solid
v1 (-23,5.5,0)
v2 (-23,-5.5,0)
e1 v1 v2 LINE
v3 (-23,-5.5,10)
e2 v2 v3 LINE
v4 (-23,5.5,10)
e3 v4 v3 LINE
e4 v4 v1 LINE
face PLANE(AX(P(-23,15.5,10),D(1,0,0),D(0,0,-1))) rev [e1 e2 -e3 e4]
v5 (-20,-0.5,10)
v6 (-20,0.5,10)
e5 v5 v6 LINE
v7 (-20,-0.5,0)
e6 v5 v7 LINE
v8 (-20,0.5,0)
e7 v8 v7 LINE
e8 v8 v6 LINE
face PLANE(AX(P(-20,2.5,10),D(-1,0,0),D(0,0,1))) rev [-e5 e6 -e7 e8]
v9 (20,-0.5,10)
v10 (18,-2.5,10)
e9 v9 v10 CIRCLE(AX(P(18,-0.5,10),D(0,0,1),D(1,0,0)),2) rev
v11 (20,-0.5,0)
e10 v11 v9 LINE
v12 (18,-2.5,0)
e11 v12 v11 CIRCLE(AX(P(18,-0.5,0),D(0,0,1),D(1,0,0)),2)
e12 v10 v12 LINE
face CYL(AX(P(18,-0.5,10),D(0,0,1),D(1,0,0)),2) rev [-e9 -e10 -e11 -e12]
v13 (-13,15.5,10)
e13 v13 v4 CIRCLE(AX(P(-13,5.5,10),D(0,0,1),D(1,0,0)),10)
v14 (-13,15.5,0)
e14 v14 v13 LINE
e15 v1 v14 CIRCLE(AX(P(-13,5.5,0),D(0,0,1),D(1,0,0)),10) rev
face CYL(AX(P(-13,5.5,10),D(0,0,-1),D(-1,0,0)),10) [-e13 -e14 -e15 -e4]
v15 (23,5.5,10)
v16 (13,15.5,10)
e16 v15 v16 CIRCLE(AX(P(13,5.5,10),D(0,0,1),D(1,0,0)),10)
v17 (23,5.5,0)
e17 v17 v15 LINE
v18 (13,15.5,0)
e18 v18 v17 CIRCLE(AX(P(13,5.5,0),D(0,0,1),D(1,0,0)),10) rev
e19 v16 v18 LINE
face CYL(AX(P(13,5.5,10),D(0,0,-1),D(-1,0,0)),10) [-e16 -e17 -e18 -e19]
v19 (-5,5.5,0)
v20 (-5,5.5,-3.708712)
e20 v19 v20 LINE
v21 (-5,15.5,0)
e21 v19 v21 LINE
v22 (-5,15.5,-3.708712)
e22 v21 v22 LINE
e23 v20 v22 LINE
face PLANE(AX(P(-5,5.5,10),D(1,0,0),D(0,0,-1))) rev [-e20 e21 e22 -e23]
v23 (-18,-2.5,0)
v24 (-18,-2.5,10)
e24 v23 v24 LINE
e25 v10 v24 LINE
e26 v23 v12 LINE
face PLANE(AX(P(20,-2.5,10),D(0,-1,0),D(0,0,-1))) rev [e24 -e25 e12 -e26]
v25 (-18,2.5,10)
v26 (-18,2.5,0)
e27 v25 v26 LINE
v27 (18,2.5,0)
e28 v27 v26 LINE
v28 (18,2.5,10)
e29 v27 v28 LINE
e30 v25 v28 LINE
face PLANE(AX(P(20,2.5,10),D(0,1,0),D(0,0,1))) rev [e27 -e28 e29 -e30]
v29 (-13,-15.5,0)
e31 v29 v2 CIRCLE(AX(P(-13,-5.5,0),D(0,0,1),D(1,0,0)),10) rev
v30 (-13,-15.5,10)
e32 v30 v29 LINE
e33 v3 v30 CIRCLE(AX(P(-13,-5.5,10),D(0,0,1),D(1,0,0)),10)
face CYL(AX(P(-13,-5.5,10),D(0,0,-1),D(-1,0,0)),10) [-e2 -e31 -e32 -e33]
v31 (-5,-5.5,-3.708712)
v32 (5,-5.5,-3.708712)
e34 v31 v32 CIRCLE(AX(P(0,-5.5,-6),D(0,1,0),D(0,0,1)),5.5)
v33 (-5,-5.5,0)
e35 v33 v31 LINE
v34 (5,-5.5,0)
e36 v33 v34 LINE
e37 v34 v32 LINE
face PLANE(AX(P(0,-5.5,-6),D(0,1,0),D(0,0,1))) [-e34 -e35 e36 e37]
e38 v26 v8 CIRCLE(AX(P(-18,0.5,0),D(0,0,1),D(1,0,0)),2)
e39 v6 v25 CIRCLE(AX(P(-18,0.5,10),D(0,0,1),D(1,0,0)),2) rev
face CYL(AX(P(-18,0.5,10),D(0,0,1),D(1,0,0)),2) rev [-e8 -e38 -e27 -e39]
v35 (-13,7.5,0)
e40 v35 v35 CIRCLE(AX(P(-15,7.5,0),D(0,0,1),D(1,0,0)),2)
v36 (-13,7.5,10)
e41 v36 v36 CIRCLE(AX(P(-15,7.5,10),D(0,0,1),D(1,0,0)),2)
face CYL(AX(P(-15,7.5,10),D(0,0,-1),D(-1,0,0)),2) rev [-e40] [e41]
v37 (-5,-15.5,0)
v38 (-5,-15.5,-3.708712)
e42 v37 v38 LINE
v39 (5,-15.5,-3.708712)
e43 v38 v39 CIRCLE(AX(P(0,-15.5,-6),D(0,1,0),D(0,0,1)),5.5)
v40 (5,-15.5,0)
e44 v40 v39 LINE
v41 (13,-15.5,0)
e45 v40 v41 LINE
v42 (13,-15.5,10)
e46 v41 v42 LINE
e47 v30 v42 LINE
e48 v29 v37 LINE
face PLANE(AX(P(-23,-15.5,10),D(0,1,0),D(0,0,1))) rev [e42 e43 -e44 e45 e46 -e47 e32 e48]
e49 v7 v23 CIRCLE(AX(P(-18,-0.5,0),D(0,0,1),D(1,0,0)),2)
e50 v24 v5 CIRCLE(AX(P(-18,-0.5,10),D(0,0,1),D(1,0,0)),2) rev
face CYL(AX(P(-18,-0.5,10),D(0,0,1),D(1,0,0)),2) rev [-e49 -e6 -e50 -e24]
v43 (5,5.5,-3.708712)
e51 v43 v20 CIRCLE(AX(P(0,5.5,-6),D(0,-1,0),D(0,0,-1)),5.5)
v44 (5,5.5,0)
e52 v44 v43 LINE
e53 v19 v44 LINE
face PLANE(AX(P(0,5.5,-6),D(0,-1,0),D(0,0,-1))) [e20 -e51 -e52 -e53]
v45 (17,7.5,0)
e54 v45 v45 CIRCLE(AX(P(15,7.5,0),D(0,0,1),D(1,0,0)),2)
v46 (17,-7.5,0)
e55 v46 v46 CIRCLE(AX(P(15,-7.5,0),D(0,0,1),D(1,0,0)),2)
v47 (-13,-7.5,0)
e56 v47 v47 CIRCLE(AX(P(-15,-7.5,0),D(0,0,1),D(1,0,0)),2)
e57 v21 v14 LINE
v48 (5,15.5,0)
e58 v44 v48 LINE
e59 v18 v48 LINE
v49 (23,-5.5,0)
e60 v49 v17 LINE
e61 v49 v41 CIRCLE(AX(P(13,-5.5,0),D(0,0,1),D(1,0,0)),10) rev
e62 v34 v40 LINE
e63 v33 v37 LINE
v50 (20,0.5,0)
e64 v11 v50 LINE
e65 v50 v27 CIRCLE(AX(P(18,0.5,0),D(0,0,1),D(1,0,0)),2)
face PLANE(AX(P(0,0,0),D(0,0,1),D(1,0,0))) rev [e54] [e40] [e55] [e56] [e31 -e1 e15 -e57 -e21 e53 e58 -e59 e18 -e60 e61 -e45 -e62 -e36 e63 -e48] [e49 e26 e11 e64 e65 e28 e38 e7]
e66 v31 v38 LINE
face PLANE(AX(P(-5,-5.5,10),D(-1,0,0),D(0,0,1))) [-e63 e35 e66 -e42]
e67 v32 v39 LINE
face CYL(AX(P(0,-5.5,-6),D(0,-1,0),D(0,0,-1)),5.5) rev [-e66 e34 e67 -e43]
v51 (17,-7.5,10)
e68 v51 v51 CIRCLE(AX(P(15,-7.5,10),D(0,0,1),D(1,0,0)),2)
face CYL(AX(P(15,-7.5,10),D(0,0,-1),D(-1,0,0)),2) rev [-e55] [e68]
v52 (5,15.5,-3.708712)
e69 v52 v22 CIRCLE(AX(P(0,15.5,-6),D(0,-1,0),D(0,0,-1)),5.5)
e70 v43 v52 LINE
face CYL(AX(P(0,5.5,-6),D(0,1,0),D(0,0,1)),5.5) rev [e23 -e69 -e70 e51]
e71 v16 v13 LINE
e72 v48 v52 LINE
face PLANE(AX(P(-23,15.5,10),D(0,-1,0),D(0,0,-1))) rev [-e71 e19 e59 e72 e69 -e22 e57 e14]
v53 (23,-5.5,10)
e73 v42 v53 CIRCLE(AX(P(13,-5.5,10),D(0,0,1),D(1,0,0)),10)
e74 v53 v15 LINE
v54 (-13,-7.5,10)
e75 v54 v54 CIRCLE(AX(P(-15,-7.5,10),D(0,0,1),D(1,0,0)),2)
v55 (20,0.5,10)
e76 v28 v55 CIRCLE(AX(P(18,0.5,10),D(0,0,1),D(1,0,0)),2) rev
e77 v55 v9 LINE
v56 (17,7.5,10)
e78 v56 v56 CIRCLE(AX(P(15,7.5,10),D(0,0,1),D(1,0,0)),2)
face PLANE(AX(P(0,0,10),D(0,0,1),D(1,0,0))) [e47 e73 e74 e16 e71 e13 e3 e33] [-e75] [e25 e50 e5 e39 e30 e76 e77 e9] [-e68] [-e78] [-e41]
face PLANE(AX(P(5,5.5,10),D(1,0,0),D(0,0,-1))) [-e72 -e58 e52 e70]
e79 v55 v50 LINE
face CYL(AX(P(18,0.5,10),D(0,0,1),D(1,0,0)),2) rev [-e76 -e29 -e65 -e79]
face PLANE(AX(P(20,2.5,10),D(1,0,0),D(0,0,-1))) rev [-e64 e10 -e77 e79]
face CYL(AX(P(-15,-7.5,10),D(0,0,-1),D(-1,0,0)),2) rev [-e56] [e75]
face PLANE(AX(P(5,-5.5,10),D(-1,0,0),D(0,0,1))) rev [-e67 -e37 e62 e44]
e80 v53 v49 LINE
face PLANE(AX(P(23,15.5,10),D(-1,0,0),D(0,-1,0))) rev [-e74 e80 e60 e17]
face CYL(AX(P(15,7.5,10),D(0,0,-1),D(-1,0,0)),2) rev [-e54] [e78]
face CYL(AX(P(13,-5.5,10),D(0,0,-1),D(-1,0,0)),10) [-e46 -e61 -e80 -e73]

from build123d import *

# Parameters (mm, degrees)
SKETCH1_W               = 46
SKETCH1_H               = 31
SKETCH1_R               = 2
BOSS_EXTRUDE1_DEPTH     = 10
FILLET1_R               = 10
BOSS_EXTRUDE2_START     = 15.5
BOSS_EXTRUDE2_DEPTH     = 10
BOSS_EXTRUDE3_START     = -15.5
BOSS_EXTRUDE3_DEPTH     = 10
SKETCH4_W               = 40
SKETCH4_H               = 5
CUT_EXTRUDE1_DEPTH      = 30.483045976
CUT_EXTRUDE1_DEPTH_BACK = 30.483045976
FILLET2_R               = 2


with BuildPart() as part:
    # Sketch1 → Boss-Extrude1 (new body)
    with BuildSketch(Plane.XY):
        Rectangle(SKETCH1_W, SKETCH1_H)
        with Locations((-15, 7.5)):
            Circle(SKETCH1_R, mode=Mode.SUBTRACT)
        with Locations((15, 7.5)):
            Circle(SKETCH1_R, mode=Mode.SUBTRACT)
        with Locations((15, -7.5)):
            Circle(SKETCH1_R, mode=Mode.SUBTRACT)
        with Locations((-15, -7.5)):
            Circle(SKETCH1_R, mode=Mode.SUBTRACT)
    extrude(amount=BOSS_EXTRUDE1_DEPTH)

    # Fillet1
    fillet1_edges = [part.edges().sort_by_distance(p)[0] for p in [
        (23, -15.5, 5),
        (-23, -15.5, 5),
        (-23, 15.5, 5),
        (23, 15.5, 5),
    ]]
    fillet(fillet1_edges, radius=FILLET1_R)

    # Sketch3 → Boss-Extrude2 (add)
    with BuildSketch(Plane(origin=(0, 0, 0), x_dir=(1, 0, 0), z_dir=(0, 1, 0)).offset(BOSS_EXTRUDE2_START)):
        with BuildLine():
            Line((-5, 3.708712153), (-5, 0))
            Line((-5, 0), (5, 0))
            Line((5, 0), (5, 3.708712153))
            ThreePointArc((5, 3.708712153), (0, 0.5), (-5, 3.708712153))
        make_face()
    extrude(amount=-BOSS_EXTRUDE2_DEPTH)

    # Sketch3<3> → Boss-Extrude3 (add)
    with BuildSketch(Plane(origin=(0, 0, 0), x_dir=(1, 0, 0), z_dir=(0, 1, 0)).offset(BOSS_EXTRUDE3_START)):
        with BuildLine():
            Line((-5, 3.708712153), (-5, 0))
            Line((-5, 0), (5, 0))
            Line((5, 0), (5, 3.708712153))
            ThreePointArc((5, 3.708712153), (0, 0.5), (-5, 3.708712153))
        make_face()
    extrude(amount=BOSS_EXTRUDE3_DEPTH)

    # Sketch4 → Cut-Extrude1 (cut, two sides)
    with BuildSketch(Plane(origin=(0, 0, 0), x_dir=(-1, 0, 0), z_dir=(0, 0, -1))) as cut_extrude1_sk:
        Rectangle(SKETCH4_W, SKETCH4_H)
    extrude(amount=CUT_EXTRUDE1_DEPTH, mode=Mode.SUBTRACT)
    extrude(cut_extrude1_sk.sketch, amount=-CUT_EXTRUDE1_DEPTH_BACK, mode=Mode.SUBTRACT)

    # Fillet2
    fillet2_edges = [part.edges().sort_by_distance(p)[0] for p in [
        (-20, 2.5, 5),
        (-20, -2.5, 5),
        (20, -2.5, 5),
        (20, 2.5, 5),
    ]]
    fillet(fillet2_edges, radius=FILLET2_R)


solid = part.part
